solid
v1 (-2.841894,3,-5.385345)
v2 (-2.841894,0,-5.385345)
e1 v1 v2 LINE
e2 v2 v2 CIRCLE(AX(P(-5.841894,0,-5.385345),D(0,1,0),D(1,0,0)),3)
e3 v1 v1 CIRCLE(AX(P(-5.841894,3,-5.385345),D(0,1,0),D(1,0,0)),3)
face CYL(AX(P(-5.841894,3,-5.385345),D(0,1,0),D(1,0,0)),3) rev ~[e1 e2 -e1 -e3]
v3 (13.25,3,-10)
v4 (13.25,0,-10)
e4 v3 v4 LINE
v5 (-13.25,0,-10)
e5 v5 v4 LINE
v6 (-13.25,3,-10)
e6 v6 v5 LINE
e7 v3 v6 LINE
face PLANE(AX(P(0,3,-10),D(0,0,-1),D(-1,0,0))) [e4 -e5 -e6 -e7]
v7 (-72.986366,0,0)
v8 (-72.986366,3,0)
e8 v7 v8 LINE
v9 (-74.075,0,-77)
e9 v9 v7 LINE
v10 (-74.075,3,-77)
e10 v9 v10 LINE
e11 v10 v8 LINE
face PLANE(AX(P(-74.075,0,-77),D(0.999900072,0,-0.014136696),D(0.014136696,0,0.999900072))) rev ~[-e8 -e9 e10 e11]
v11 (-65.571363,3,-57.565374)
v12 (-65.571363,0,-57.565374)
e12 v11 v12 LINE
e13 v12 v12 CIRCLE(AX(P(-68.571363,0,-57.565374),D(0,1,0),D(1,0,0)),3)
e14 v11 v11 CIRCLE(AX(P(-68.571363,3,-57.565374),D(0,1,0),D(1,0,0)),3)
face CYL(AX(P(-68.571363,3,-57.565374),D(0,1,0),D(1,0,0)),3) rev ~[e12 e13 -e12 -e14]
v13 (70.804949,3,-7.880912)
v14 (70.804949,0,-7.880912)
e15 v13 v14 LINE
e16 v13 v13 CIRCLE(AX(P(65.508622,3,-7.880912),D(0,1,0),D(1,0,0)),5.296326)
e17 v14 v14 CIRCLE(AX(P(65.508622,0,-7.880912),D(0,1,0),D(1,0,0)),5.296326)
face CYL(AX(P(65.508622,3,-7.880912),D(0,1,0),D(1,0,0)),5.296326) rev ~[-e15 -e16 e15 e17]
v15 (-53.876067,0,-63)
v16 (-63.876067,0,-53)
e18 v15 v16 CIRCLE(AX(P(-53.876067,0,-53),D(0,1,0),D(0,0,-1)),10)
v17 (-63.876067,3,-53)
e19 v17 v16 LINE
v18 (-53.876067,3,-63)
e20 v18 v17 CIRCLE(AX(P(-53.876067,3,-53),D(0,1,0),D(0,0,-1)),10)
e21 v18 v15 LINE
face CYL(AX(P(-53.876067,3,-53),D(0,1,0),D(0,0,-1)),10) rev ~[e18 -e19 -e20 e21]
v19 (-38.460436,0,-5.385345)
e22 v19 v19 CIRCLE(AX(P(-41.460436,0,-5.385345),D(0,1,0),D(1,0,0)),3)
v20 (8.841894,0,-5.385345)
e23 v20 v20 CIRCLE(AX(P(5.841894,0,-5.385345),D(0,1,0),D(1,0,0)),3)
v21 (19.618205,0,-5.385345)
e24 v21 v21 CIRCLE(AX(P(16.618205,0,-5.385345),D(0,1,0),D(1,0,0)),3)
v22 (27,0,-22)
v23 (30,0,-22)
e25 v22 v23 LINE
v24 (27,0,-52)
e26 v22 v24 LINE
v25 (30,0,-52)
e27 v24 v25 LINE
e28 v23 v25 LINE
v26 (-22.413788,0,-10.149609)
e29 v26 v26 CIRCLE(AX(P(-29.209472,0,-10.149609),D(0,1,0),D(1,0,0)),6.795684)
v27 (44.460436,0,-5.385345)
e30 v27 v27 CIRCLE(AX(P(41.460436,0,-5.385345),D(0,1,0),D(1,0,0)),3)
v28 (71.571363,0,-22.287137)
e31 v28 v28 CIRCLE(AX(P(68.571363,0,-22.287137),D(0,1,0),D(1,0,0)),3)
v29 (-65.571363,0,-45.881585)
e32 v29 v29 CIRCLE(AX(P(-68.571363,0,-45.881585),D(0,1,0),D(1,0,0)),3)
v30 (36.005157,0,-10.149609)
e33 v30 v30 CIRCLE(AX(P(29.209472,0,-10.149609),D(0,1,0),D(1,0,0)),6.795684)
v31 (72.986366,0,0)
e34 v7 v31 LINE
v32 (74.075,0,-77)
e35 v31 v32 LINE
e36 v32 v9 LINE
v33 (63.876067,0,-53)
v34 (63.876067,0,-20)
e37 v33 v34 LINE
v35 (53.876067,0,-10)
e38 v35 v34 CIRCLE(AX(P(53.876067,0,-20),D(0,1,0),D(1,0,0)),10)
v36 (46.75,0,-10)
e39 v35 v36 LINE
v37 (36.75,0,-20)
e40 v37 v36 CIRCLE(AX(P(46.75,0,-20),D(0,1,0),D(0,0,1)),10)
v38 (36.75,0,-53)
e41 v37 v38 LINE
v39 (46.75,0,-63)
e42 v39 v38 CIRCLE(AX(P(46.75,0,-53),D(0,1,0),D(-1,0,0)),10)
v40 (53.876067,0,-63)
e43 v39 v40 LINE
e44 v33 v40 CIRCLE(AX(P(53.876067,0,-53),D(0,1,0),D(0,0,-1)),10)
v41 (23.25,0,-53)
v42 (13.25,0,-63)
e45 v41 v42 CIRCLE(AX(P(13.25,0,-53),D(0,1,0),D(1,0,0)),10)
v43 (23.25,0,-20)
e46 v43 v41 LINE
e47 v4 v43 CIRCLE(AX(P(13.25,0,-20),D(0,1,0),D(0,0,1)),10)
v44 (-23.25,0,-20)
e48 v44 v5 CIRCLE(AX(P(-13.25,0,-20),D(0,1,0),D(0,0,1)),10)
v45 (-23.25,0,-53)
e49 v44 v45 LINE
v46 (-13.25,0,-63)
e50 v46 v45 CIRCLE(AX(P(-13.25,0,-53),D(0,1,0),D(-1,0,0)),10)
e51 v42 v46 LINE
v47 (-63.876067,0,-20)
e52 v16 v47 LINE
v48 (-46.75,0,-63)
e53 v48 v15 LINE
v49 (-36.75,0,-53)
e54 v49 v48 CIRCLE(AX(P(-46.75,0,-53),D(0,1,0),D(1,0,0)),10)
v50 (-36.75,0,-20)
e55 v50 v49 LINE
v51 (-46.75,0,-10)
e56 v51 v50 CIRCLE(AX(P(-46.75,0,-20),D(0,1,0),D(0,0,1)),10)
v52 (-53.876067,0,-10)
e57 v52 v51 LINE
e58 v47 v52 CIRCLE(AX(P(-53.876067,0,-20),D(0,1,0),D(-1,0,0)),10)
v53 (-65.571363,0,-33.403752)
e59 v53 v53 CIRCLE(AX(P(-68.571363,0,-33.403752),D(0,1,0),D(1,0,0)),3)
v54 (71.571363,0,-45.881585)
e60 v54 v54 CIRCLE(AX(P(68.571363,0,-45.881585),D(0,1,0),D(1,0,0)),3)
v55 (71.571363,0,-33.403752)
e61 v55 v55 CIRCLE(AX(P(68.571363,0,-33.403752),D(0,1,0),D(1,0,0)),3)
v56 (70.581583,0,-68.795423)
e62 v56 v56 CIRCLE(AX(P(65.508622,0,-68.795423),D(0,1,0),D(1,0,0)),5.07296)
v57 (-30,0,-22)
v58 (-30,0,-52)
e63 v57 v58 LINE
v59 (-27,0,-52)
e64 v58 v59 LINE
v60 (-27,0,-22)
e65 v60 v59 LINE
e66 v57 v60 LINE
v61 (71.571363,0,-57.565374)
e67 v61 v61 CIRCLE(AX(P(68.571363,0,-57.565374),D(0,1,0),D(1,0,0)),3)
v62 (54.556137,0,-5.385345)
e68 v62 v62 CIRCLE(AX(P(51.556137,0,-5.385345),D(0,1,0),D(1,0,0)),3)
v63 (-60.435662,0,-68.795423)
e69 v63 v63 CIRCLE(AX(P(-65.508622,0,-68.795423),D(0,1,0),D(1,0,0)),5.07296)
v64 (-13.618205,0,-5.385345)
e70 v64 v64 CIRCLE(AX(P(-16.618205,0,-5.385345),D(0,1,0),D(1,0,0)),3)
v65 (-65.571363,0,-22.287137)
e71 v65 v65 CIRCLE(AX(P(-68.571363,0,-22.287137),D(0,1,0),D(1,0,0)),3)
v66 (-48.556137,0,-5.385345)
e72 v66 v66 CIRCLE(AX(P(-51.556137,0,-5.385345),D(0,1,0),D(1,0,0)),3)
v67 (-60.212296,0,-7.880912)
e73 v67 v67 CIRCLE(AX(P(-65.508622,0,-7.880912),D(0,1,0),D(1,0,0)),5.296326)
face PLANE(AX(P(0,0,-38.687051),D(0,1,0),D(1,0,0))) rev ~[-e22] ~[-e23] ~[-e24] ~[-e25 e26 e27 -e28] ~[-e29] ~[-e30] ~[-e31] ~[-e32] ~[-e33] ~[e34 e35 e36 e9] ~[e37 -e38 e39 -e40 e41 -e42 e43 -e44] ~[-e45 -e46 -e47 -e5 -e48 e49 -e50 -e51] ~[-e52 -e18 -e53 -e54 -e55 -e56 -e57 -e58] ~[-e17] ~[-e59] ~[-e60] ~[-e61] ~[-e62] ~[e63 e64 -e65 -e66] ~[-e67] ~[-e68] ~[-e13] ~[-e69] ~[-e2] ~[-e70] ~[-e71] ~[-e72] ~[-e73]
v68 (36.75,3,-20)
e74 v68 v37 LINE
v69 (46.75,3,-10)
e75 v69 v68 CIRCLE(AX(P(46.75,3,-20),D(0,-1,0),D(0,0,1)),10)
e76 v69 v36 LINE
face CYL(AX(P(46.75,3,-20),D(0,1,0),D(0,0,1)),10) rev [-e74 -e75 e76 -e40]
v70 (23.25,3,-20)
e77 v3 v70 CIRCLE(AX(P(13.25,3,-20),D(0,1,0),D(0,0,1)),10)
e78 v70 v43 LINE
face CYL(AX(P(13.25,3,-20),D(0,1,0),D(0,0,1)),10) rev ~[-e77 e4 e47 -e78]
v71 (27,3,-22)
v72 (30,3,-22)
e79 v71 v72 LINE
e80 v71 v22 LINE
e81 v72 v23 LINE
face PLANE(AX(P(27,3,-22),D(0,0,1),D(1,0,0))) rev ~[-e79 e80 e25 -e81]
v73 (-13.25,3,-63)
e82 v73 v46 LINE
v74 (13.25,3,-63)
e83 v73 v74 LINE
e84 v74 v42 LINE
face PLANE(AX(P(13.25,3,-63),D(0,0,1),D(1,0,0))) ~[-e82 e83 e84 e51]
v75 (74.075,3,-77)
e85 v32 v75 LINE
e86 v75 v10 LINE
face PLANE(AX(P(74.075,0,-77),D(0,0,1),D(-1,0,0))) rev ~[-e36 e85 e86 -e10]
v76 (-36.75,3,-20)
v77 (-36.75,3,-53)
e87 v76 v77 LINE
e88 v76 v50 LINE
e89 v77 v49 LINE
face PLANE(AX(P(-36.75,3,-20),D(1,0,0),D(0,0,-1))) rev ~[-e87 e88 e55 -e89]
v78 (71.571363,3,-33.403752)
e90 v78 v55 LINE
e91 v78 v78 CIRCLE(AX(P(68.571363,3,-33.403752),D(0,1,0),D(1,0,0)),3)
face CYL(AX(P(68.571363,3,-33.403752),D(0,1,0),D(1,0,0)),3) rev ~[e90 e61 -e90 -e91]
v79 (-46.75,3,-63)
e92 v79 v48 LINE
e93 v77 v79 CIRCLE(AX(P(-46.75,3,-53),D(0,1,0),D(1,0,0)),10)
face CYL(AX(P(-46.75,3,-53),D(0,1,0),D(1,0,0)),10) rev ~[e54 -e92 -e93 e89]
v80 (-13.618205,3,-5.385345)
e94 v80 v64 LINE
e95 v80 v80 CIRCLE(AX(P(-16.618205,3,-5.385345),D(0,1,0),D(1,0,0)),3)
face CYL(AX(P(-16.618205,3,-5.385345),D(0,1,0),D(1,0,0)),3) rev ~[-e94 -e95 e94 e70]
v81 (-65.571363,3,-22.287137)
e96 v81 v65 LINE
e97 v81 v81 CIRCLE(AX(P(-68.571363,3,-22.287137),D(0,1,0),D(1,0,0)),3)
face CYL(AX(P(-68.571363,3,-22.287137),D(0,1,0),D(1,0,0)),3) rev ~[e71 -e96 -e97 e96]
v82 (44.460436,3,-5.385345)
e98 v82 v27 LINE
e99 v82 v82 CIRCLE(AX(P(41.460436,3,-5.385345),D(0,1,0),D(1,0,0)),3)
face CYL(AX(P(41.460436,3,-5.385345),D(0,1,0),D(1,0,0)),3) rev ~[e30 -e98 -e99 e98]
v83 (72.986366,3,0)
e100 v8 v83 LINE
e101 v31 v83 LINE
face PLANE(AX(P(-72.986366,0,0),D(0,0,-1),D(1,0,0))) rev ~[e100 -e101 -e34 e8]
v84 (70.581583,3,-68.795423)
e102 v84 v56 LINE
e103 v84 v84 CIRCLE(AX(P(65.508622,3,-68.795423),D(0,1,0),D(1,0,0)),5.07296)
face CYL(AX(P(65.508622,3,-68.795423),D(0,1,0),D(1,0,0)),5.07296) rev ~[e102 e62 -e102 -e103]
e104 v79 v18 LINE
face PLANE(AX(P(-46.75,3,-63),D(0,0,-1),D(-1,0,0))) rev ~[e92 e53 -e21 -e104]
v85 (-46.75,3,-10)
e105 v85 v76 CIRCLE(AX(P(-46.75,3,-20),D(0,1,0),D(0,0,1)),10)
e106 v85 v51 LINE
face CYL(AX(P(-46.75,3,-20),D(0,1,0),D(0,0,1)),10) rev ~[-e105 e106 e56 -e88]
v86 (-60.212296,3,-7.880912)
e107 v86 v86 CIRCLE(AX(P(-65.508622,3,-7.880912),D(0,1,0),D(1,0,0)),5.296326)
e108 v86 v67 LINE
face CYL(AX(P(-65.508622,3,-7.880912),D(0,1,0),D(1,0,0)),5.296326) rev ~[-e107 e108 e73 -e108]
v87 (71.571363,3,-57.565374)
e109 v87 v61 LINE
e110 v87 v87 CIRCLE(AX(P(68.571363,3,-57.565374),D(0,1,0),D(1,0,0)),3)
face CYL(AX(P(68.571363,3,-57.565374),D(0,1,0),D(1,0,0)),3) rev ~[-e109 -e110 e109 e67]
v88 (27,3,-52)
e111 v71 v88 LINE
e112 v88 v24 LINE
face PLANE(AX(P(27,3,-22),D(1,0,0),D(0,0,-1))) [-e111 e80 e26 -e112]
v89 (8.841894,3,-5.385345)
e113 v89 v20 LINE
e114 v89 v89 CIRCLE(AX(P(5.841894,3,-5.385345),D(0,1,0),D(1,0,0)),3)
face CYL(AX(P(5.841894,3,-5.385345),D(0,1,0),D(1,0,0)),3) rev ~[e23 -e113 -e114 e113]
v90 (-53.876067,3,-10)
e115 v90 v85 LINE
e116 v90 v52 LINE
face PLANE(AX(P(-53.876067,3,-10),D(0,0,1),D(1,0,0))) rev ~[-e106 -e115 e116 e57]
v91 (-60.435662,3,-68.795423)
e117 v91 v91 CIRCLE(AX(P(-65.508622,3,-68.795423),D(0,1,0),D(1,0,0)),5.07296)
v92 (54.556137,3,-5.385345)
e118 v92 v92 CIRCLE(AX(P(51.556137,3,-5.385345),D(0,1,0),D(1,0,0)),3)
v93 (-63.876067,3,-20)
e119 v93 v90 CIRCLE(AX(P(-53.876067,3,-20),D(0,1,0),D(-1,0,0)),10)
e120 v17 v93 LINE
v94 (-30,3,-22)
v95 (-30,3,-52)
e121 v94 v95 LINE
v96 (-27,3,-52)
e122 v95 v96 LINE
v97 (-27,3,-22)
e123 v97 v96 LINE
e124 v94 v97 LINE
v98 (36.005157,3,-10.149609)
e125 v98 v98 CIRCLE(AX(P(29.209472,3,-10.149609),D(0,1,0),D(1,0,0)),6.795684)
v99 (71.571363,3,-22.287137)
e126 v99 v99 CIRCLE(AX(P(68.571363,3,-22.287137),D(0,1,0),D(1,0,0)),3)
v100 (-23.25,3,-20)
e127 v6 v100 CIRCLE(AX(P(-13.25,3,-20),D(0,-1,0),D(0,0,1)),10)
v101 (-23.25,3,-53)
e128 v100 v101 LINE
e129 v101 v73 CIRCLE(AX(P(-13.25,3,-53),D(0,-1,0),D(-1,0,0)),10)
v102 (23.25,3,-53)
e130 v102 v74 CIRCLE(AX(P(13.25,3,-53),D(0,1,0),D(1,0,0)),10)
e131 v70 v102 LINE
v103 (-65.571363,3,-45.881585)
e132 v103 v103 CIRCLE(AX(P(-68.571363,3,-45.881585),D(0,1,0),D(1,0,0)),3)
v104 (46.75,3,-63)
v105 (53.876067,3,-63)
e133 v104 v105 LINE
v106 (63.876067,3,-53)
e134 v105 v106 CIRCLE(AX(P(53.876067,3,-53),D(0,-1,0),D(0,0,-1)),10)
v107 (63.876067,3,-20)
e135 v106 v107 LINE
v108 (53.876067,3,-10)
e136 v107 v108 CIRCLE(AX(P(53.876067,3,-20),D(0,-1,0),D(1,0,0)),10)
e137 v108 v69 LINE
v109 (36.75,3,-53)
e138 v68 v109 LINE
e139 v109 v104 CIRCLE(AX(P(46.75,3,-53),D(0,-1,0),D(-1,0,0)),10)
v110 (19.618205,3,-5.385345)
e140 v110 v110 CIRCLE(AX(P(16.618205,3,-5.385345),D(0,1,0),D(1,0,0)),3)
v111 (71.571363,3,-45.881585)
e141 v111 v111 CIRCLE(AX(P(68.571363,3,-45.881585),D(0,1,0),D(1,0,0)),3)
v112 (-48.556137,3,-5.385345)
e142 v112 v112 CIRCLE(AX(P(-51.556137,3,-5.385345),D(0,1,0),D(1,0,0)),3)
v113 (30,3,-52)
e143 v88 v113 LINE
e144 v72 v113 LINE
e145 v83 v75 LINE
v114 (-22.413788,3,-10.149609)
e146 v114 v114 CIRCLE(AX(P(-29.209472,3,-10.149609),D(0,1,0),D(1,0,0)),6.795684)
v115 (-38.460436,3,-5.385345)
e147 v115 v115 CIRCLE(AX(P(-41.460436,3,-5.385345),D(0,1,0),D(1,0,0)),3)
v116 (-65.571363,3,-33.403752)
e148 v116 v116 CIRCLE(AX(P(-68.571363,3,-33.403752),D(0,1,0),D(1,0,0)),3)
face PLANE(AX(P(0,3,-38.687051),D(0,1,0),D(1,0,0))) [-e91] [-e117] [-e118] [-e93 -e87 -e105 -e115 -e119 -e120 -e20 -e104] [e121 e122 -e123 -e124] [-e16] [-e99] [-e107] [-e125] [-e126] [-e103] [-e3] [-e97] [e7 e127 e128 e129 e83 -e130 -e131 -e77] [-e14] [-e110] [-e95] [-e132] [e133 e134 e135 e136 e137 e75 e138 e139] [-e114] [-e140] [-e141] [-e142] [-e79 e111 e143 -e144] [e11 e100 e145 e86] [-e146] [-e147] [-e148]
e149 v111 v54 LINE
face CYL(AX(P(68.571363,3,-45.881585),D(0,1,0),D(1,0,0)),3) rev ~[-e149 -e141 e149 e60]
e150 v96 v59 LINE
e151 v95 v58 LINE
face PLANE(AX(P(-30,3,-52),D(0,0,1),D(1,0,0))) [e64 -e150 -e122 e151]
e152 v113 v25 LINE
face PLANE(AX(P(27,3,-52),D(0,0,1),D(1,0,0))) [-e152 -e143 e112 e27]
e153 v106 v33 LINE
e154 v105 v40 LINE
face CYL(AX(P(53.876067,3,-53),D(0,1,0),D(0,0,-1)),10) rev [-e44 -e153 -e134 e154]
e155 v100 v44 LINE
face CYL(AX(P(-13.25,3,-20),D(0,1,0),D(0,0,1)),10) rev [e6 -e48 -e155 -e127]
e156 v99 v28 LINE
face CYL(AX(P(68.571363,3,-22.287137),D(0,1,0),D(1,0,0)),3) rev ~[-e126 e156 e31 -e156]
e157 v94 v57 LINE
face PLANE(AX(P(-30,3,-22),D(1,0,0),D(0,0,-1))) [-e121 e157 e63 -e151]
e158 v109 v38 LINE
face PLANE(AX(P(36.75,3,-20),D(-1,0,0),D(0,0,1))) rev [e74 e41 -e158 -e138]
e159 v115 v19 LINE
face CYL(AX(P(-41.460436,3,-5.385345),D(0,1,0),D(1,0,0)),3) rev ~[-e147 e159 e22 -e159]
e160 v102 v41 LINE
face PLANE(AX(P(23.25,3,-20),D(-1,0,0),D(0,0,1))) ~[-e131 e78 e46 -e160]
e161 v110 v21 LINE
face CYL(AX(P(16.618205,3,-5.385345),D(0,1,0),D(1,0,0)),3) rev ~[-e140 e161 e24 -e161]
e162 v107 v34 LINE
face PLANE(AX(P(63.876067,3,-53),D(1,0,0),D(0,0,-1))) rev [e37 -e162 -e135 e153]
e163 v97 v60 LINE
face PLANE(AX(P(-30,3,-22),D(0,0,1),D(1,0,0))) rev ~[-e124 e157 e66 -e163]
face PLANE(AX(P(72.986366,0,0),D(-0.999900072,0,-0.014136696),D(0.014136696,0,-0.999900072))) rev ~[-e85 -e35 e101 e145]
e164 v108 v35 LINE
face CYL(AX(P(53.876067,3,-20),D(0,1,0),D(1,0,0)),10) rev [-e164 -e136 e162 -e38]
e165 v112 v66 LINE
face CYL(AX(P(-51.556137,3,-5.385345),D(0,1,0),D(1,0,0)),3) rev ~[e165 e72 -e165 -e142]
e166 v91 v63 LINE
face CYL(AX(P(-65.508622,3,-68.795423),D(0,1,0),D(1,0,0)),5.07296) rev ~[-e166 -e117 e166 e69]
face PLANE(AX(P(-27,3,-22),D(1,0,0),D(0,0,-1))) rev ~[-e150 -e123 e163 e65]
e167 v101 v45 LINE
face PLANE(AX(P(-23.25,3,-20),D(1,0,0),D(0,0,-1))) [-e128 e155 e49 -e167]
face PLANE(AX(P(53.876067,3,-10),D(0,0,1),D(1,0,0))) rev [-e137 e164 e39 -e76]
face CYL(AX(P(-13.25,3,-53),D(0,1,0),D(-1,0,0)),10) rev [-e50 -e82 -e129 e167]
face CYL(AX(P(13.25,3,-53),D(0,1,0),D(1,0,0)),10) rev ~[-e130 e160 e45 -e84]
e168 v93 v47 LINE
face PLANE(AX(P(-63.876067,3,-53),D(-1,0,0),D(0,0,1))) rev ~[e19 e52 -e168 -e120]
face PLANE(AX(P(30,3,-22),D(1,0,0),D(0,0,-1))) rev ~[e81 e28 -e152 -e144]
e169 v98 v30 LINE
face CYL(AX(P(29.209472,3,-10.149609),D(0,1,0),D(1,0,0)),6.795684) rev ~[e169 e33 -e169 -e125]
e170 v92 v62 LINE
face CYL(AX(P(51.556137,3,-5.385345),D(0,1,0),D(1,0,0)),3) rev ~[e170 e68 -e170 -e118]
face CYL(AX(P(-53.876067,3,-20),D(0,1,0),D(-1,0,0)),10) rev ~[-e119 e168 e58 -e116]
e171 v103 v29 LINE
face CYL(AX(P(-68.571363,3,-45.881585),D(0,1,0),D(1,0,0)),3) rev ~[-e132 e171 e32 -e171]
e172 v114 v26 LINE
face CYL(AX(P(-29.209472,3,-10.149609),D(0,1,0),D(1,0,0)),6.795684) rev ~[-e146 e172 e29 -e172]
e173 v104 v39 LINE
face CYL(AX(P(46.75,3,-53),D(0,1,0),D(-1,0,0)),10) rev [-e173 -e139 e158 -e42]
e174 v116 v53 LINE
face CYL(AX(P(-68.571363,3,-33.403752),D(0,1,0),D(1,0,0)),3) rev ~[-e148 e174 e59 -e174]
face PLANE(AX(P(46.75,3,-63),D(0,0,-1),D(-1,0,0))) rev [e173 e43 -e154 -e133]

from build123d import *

# Parameters (mm, degrees)
BOSS_EXTRUDE1_DEPTH = 3
CUT_EXTRUDE1_DEPTH  = 10
SKETCH3_W           = 3
SKETCH3_H           = 30
CUT_EXTRUDE2_DEPTH  = 10
SKETCH4_R           = 5.072960447
SKETCH4_R_2         = 3
SKETCH4_R_3         = 5.296326198
SKETCH4_R_4         = 6.795684495
CUT_EXTRUDE3_DEPTH  = 10


with BuildPart() as part:
    # Sketch1 → Boss-Extrude1 (new body)
    with BuildSketch(Plane(origin=(0, 0, 0), x_dir=(1, 0, 0), z_dir=(0, 1, 0))):
        Polygon((-72.98636562, 0), (72.98636562, 0), (74.075, 77), (-74.075, 77), align=None)
    extrude(amount=BOSS_EXTRUDE1_DEPTH)

    # Sketch2 → Cut-Extrude1 (cut)
    with BuildSketch(Plane(origin=(0, 3, 0), x_dir=(1, 0, 0), z_dir=(0, 1, 0))):
        with BuildLine():
            Line((-46.75, 63), (-53.876067096, 63))
            ThreePointArc((-53.876067096, 63), (-60.947134908, 60.071067812), (-63.876067096, 53))
            Line((-63.876067096, 53), (-63.876067096, 20))
            ThreePointArc((-63.876067096, 20), (-60.947134908, 12.928932188), (-53.876067096, 10))
            Line((-53.876067096, 10), (-46.75, 10))
            ThreePointArc((-46.75, 10), (-39.678932188, 12.928932188), (-36.75, 20))
            Line((-36.75, 20), (-36.75, 53))
            ThreePointArc((-36.75, 53), (-39.678932188, 60.071067812), (-46.75, 63))
        make_face()
        with BuildLine():
            Line((-13.25, 63), (0, 63))
            Line((0, 63), (0, 10))
            Line((0, 10), (-13.25, 10))
            ThreePointArc((-13.25, 10), (-20.321067812, 12.928932188), (-23.25, 20))
            Line((-23.25, 20), (-23.25, 53))
            ThreePointArc((-23.25, 53), (-20.321067812, 60.071067812), (-13.25, 63))
        make_face()
    cut_extrude1 = extrude(amount=-CUT_EXTRUDE1_DEPTH, mode=Mode.SUBTRACT)

    # Mirror1: Cut-Extrude1 across plane
    add(cut_extrude1.mirror(Plane(origin=(0, 0, 0), x_dir=(0, 0, 1), z_dir=(1, 0, 0))), mode=Mode.SUBTRACT)

    # Sketch3 → Cut-Extrude2 (cut)
    with BuildSketch(Plane(origin=(0, 3, 0), x_dir=(1, 0, 0), z_dir=(0, 1, 0))):
        with Locations((-28.5, 37)):
            Rectangle(SKETCH3_W, SKETCH3_H)
        with Locations((28.5, 37)):
            Rectangle(SKETCH3_W, SKETCH3_H)
    extrude(amount=-CUT_EXTRUDE2_DEPTH, mode=Mode.SUBTRACT)

    # Sketch4 → Cut-Extrude3 (cut)
    with BuildSketch(Plane(origin=(0, 3, 0), x_dir=(1, 0, 0), z_dir=(0, 1, 0))):
        with Locations((-65.508622451, 68.795423202)):
            Circle(SKETCH4_R)
        with Locations((-68.571363241, 57.565373639)):
            Circle(SKETCH4_R_2)
        with Locations((-68.571363241, 45.881584699)):
            Circle(SKETCH4_R_2)
        with Locations((-68.571363241, 33.403751851)):
            Circle(SKETCH4_R_2)
        with Locations((-68.571363241, 22.287137133)):
            Circle(SKETCH4_R_2)
        with Locations((-51.55613663, 5.385345366)):
            Circle(SKETCH4_R_2)
        with Locations((-41.460435508, 5.385345366)):
            Circle(SKETCH4_R_2)
        with Locations((-16.618204656, 5.385345366)):
            Circle(SKETCH4_R_2)
        with Locations((-5.84189447, 5.385345366)):
            Circle(SKETCH4_R_2)
        with Locations((-65.508622451, 7.880911935)):
            Circle(SKETCH4_R_3)
        with Locations((-29.209472348, 10.149608817)):
            Circle(SKETCH4_R_4)
        with Locations((29.209472348, 10.149608817)):
            Circle(SKETCH4_R_4)
        with Locations((65.508622451, 7.880911935)):
            Circle(SKETCH4_R_3)
        with Locations((5.84189447, 5.385345366)):
            Circle(SKETCH4_R_2)
        with Locations((16.618204656, 5.385345366)):
            Circle(SKETCH4_R_2)
        with Locations((41.460435508, 5.385345366)):
            Circle(SKETCH4_R_2)
        with Locations((51.55613663, 5.385345366)):
            Circle(SKETCH4_R_2)
        with Locations((68.571363241, 22.287137133)):
            Circle(SKETCH4_R_2)
        with Locations((68.571363241, 33.403751851)):
            Circle(SKETCH4_R_2)
        with Locations((68.571363241, 45.881584699)):
            Circle(SKETCH4_R_2)
        with Locations((68.571363241, 57.565373639)):
            Circle(SKETCH4_R_2)
        with Locations((65.508622451, 68.795423202)):
            Circle(SKETCH4_R)
    extrude(amount=-CUT_EXTRUDE3_DEPTH, mode=Mode.SUBTRACT)


solid = part.part
